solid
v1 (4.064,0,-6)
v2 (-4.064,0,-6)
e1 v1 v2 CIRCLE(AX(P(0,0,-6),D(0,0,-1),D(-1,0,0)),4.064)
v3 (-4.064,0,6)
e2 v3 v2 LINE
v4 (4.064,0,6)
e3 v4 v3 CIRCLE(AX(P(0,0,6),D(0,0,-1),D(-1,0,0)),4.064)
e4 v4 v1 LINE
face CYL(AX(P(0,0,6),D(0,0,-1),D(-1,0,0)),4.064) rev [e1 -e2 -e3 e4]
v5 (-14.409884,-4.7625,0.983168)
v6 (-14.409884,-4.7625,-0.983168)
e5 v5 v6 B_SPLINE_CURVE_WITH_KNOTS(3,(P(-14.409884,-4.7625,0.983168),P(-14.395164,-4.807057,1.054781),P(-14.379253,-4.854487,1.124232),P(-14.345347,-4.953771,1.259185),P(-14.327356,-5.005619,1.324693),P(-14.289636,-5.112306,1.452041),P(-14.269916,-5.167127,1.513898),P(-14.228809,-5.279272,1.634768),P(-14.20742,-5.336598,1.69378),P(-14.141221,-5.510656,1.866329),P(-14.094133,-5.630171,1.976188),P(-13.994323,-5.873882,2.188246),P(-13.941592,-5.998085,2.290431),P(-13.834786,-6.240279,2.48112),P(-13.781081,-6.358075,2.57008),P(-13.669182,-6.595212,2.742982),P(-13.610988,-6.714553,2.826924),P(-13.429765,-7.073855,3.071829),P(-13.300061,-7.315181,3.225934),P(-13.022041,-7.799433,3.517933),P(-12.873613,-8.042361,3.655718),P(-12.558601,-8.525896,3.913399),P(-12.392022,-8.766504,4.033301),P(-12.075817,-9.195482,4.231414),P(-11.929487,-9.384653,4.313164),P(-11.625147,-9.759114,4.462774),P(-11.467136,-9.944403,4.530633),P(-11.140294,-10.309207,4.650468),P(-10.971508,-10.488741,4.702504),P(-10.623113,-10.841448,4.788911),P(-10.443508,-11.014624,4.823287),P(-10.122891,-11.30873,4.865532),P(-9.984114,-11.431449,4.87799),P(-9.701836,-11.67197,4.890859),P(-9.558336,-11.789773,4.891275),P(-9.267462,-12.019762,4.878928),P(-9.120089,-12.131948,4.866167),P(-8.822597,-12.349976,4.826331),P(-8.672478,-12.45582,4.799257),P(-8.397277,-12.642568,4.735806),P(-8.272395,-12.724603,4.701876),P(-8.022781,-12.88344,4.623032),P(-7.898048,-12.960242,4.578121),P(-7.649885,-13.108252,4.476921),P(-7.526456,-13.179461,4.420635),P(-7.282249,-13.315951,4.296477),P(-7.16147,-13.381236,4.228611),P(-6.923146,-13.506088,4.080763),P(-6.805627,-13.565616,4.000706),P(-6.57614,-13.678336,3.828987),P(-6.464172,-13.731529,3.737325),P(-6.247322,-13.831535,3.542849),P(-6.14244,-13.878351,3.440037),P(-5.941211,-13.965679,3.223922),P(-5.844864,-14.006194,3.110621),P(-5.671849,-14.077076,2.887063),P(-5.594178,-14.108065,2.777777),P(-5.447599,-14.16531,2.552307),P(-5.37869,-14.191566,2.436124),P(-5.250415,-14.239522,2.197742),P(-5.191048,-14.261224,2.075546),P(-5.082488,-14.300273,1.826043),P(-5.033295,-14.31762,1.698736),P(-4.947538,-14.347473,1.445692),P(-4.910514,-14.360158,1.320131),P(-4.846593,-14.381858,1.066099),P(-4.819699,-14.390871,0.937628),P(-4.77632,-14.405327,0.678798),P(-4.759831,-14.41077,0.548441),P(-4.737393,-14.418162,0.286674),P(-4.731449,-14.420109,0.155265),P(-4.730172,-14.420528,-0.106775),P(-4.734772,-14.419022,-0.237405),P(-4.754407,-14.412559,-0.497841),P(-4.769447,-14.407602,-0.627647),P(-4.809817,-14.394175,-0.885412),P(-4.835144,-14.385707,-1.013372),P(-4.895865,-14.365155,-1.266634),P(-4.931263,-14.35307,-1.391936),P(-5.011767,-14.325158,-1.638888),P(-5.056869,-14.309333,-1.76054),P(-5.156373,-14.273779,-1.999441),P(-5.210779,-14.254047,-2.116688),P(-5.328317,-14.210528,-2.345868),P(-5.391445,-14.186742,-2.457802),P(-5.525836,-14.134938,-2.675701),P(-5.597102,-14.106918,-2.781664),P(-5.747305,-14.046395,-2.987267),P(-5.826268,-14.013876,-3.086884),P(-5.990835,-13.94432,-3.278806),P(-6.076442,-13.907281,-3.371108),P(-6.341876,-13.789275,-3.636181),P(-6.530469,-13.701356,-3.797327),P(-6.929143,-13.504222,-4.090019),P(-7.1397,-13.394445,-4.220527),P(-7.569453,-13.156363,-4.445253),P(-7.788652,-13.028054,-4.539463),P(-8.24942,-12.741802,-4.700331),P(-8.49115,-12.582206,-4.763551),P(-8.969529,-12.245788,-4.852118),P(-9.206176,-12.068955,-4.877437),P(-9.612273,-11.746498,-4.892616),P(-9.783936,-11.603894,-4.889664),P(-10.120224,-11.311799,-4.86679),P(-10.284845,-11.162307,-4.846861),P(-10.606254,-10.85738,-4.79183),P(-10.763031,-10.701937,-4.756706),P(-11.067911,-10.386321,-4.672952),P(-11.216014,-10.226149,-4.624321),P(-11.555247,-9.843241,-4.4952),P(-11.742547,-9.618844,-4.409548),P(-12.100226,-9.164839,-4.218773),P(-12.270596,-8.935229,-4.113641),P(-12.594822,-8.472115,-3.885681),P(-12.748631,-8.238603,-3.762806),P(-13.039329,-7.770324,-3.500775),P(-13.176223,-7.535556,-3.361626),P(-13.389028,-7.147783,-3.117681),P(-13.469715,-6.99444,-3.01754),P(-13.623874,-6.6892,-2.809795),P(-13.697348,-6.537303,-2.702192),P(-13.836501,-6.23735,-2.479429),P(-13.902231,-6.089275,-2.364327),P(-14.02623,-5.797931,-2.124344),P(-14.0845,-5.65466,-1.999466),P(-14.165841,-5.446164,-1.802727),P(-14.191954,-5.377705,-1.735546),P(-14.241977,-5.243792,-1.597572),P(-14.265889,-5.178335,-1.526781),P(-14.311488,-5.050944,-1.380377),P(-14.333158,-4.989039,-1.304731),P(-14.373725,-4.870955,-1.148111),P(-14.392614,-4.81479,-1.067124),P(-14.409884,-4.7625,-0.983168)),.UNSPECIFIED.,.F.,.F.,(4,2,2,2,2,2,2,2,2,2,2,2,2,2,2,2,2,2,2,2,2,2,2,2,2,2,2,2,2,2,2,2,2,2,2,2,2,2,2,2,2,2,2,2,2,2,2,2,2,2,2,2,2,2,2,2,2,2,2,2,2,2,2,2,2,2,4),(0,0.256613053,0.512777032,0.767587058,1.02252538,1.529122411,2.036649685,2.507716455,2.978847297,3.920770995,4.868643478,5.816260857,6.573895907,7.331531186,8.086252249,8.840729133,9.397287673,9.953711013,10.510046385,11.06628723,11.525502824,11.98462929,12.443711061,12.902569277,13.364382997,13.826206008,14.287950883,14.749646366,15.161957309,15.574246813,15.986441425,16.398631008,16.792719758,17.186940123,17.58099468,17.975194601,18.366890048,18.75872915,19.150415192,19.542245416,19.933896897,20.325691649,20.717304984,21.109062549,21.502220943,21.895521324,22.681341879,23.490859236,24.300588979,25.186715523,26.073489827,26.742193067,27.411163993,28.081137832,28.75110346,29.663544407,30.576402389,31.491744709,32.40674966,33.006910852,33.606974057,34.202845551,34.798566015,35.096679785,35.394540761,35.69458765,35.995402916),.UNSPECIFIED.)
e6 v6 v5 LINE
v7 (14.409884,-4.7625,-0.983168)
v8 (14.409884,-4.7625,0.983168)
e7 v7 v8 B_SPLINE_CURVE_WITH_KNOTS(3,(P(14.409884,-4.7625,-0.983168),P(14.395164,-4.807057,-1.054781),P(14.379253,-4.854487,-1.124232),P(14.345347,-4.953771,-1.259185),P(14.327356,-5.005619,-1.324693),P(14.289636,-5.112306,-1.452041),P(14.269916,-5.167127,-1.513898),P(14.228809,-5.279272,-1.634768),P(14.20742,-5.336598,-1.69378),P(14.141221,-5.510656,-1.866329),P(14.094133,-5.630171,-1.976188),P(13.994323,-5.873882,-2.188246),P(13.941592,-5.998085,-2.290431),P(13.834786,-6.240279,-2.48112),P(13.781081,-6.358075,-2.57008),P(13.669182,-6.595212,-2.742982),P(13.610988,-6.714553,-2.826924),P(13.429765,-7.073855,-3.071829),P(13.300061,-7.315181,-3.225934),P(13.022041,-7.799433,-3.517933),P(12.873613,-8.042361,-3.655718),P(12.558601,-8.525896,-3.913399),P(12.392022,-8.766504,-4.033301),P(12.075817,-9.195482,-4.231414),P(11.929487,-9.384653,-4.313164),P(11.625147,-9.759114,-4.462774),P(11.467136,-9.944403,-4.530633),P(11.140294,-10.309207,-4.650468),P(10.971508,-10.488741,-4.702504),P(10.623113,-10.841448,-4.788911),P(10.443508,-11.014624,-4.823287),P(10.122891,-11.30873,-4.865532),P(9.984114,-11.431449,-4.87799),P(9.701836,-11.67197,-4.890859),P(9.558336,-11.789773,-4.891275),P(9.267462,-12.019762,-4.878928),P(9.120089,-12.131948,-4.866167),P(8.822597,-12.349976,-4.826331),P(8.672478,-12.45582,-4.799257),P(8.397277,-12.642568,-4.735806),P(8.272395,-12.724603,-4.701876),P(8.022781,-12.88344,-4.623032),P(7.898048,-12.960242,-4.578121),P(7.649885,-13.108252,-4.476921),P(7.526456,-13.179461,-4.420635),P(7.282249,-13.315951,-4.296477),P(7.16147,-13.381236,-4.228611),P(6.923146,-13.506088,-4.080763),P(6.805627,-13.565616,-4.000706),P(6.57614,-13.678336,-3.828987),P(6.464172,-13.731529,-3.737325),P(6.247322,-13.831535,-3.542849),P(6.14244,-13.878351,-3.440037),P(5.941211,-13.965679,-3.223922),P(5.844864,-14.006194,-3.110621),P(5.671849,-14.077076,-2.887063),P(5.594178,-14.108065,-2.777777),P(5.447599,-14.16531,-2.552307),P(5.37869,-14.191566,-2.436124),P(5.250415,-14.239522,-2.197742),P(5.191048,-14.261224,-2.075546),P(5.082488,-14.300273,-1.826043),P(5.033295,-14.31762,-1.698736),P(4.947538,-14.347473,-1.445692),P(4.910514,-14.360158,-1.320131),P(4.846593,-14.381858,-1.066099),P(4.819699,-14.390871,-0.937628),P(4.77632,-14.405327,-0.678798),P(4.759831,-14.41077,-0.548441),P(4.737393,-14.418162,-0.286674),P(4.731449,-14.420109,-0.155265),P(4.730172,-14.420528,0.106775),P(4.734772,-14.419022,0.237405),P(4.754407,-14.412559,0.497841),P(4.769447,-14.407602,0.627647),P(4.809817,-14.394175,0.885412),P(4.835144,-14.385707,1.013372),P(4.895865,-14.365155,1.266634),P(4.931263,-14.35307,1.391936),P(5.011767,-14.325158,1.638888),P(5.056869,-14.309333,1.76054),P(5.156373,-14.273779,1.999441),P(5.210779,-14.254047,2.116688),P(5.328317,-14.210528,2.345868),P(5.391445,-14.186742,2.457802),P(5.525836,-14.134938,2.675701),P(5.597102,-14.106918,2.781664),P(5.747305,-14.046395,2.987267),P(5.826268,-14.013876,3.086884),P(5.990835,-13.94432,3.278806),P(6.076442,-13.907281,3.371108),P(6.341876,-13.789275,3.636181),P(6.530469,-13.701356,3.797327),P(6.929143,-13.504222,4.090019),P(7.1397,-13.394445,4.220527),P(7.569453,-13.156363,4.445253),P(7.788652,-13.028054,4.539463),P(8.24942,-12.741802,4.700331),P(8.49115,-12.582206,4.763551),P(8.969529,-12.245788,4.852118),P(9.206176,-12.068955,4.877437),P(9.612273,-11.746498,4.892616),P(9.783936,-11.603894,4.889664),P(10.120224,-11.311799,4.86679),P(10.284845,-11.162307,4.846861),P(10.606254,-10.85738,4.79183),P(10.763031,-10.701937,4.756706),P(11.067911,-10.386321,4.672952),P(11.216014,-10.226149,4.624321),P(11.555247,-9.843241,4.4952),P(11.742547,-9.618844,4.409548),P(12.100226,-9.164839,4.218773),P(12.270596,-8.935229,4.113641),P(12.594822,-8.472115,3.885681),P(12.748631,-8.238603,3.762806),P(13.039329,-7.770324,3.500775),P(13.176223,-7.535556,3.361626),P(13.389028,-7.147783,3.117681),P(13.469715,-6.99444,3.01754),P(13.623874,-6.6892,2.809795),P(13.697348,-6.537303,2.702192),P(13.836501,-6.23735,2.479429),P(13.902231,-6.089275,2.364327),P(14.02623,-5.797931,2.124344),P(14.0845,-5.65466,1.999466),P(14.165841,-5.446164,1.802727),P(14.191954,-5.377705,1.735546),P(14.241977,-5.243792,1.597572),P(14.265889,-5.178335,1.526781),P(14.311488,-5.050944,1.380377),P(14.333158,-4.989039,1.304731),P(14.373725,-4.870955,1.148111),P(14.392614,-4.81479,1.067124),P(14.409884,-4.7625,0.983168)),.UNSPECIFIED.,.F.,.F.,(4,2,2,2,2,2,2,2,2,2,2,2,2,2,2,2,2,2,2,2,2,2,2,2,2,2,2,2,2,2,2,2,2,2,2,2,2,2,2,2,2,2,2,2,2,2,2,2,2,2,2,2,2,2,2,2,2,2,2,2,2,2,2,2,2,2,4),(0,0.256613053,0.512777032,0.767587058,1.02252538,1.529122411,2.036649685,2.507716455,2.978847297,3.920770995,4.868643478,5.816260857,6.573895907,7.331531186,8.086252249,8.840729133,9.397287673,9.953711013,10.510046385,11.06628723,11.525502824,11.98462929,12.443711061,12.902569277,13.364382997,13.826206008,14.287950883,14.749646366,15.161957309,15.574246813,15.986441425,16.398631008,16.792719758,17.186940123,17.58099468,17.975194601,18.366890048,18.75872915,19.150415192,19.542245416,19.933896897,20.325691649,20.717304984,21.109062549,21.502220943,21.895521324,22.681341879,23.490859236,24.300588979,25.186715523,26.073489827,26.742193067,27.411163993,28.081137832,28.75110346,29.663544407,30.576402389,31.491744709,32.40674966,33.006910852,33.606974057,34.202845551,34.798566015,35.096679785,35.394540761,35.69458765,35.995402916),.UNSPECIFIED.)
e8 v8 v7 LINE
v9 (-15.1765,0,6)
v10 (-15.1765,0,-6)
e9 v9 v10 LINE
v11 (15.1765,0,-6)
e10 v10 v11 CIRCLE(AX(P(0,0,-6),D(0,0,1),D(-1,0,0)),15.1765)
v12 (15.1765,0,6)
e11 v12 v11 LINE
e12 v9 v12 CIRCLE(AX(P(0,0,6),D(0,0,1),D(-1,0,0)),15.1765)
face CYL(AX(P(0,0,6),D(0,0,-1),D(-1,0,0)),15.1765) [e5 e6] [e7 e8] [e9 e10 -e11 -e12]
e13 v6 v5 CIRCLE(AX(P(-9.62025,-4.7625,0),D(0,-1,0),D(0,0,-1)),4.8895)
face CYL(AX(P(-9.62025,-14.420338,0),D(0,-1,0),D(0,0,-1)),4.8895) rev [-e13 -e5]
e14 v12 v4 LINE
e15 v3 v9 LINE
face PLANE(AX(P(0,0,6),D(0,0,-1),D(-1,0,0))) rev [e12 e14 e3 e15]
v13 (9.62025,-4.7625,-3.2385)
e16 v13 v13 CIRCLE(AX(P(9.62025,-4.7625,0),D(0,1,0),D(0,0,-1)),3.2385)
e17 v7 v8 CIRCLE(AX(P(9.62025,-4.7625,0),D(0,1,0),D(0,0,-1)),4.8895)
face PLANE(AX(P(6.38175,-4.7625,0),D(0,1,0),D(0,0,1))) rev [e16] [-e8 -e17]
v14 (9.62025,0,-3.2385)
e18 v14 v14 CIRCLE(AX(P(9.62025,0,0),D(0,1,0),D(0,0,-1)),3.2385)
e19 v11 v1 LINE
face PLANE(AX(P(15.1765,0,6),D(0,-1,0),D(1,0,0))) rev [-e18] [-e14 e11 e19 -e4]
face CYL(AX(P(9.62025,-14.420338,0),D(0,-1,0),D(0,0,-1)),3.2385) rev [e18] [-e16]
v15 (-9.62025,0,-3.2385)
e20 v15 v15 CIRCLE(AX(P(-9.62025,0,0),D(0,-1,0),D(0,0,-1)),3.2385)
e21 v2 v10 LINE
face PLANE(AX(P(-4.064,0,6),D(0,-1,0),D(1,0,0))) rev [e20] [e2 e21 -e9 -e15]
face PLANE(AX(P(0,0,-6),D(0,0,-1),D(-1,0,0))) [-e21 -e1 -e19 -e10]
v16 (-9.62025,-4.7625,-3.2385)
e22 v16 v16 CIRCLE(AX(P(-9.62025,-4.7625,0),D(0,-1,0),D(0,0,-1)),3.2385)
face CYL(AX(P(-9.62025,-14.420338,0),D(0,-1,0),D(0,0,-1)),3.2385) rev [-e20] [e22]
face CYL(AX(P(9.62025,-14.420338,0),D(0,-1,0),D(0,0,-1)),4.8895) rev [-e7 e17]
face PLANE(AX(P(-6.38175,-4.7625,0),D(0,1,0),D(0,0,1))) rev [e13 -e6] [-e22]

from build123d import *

# Parameters (mm, degrees)
BOSS_EXTRUDE1_DEPTH      = 6
BOSS_EXTRUDE1_DEPTH_BACK = 6


with BuildPart() as part:
    # Sketch1 → Boss-Extrude1 (new body, two sides)
    with BuildSketch(Plane.XY) as boss_extrude1_sk:
        with BuildLine():
            Line((15.1765, 0), (4.064, 0))
            ThreePointArc((4.064, 0), (0, -4.064), (-4.064, 0))
            Line((-4.064, 0), (-15.1765, 0))
            ThreePointArc((-15.1765, 0), (0, -15.1765), (15.1765, 0))
        make_face()
    extrude(amount=BOSS_EXTRUDE1_DEPTH)
    extrude(boss_extrude1_sk.sketch, amount=-BOSS_EXTRUDE1_DEPTH_BACK)

    # Sketch2 → Cut-Revolve1 (revolve, cut)
    with BuildSketch(Plane.XY):
        Polygon((-9.62025, 0), (-6.38175, 0), (-6.38175, -4.7625), (-4.73075, -4.7625), (-4.73075, -14.4203383), (-9.62025, -14.4203383), align=None)
    cut_revolve1 = revolve(axis=Axis((-9.62025, -14.4203383, 0), (0, 1, 0)), mode=Mode.SUBTRACT)

    # Mirror1: Cut-Revolve1 across plane
    add(cut_revolve1.mirror(Plane(origin=(0, 0, 0), x_dir=(0, 0, 1), z_dir=(1, 0, 0))), mode=Mode.SUBTRACT)


solid = part.part
